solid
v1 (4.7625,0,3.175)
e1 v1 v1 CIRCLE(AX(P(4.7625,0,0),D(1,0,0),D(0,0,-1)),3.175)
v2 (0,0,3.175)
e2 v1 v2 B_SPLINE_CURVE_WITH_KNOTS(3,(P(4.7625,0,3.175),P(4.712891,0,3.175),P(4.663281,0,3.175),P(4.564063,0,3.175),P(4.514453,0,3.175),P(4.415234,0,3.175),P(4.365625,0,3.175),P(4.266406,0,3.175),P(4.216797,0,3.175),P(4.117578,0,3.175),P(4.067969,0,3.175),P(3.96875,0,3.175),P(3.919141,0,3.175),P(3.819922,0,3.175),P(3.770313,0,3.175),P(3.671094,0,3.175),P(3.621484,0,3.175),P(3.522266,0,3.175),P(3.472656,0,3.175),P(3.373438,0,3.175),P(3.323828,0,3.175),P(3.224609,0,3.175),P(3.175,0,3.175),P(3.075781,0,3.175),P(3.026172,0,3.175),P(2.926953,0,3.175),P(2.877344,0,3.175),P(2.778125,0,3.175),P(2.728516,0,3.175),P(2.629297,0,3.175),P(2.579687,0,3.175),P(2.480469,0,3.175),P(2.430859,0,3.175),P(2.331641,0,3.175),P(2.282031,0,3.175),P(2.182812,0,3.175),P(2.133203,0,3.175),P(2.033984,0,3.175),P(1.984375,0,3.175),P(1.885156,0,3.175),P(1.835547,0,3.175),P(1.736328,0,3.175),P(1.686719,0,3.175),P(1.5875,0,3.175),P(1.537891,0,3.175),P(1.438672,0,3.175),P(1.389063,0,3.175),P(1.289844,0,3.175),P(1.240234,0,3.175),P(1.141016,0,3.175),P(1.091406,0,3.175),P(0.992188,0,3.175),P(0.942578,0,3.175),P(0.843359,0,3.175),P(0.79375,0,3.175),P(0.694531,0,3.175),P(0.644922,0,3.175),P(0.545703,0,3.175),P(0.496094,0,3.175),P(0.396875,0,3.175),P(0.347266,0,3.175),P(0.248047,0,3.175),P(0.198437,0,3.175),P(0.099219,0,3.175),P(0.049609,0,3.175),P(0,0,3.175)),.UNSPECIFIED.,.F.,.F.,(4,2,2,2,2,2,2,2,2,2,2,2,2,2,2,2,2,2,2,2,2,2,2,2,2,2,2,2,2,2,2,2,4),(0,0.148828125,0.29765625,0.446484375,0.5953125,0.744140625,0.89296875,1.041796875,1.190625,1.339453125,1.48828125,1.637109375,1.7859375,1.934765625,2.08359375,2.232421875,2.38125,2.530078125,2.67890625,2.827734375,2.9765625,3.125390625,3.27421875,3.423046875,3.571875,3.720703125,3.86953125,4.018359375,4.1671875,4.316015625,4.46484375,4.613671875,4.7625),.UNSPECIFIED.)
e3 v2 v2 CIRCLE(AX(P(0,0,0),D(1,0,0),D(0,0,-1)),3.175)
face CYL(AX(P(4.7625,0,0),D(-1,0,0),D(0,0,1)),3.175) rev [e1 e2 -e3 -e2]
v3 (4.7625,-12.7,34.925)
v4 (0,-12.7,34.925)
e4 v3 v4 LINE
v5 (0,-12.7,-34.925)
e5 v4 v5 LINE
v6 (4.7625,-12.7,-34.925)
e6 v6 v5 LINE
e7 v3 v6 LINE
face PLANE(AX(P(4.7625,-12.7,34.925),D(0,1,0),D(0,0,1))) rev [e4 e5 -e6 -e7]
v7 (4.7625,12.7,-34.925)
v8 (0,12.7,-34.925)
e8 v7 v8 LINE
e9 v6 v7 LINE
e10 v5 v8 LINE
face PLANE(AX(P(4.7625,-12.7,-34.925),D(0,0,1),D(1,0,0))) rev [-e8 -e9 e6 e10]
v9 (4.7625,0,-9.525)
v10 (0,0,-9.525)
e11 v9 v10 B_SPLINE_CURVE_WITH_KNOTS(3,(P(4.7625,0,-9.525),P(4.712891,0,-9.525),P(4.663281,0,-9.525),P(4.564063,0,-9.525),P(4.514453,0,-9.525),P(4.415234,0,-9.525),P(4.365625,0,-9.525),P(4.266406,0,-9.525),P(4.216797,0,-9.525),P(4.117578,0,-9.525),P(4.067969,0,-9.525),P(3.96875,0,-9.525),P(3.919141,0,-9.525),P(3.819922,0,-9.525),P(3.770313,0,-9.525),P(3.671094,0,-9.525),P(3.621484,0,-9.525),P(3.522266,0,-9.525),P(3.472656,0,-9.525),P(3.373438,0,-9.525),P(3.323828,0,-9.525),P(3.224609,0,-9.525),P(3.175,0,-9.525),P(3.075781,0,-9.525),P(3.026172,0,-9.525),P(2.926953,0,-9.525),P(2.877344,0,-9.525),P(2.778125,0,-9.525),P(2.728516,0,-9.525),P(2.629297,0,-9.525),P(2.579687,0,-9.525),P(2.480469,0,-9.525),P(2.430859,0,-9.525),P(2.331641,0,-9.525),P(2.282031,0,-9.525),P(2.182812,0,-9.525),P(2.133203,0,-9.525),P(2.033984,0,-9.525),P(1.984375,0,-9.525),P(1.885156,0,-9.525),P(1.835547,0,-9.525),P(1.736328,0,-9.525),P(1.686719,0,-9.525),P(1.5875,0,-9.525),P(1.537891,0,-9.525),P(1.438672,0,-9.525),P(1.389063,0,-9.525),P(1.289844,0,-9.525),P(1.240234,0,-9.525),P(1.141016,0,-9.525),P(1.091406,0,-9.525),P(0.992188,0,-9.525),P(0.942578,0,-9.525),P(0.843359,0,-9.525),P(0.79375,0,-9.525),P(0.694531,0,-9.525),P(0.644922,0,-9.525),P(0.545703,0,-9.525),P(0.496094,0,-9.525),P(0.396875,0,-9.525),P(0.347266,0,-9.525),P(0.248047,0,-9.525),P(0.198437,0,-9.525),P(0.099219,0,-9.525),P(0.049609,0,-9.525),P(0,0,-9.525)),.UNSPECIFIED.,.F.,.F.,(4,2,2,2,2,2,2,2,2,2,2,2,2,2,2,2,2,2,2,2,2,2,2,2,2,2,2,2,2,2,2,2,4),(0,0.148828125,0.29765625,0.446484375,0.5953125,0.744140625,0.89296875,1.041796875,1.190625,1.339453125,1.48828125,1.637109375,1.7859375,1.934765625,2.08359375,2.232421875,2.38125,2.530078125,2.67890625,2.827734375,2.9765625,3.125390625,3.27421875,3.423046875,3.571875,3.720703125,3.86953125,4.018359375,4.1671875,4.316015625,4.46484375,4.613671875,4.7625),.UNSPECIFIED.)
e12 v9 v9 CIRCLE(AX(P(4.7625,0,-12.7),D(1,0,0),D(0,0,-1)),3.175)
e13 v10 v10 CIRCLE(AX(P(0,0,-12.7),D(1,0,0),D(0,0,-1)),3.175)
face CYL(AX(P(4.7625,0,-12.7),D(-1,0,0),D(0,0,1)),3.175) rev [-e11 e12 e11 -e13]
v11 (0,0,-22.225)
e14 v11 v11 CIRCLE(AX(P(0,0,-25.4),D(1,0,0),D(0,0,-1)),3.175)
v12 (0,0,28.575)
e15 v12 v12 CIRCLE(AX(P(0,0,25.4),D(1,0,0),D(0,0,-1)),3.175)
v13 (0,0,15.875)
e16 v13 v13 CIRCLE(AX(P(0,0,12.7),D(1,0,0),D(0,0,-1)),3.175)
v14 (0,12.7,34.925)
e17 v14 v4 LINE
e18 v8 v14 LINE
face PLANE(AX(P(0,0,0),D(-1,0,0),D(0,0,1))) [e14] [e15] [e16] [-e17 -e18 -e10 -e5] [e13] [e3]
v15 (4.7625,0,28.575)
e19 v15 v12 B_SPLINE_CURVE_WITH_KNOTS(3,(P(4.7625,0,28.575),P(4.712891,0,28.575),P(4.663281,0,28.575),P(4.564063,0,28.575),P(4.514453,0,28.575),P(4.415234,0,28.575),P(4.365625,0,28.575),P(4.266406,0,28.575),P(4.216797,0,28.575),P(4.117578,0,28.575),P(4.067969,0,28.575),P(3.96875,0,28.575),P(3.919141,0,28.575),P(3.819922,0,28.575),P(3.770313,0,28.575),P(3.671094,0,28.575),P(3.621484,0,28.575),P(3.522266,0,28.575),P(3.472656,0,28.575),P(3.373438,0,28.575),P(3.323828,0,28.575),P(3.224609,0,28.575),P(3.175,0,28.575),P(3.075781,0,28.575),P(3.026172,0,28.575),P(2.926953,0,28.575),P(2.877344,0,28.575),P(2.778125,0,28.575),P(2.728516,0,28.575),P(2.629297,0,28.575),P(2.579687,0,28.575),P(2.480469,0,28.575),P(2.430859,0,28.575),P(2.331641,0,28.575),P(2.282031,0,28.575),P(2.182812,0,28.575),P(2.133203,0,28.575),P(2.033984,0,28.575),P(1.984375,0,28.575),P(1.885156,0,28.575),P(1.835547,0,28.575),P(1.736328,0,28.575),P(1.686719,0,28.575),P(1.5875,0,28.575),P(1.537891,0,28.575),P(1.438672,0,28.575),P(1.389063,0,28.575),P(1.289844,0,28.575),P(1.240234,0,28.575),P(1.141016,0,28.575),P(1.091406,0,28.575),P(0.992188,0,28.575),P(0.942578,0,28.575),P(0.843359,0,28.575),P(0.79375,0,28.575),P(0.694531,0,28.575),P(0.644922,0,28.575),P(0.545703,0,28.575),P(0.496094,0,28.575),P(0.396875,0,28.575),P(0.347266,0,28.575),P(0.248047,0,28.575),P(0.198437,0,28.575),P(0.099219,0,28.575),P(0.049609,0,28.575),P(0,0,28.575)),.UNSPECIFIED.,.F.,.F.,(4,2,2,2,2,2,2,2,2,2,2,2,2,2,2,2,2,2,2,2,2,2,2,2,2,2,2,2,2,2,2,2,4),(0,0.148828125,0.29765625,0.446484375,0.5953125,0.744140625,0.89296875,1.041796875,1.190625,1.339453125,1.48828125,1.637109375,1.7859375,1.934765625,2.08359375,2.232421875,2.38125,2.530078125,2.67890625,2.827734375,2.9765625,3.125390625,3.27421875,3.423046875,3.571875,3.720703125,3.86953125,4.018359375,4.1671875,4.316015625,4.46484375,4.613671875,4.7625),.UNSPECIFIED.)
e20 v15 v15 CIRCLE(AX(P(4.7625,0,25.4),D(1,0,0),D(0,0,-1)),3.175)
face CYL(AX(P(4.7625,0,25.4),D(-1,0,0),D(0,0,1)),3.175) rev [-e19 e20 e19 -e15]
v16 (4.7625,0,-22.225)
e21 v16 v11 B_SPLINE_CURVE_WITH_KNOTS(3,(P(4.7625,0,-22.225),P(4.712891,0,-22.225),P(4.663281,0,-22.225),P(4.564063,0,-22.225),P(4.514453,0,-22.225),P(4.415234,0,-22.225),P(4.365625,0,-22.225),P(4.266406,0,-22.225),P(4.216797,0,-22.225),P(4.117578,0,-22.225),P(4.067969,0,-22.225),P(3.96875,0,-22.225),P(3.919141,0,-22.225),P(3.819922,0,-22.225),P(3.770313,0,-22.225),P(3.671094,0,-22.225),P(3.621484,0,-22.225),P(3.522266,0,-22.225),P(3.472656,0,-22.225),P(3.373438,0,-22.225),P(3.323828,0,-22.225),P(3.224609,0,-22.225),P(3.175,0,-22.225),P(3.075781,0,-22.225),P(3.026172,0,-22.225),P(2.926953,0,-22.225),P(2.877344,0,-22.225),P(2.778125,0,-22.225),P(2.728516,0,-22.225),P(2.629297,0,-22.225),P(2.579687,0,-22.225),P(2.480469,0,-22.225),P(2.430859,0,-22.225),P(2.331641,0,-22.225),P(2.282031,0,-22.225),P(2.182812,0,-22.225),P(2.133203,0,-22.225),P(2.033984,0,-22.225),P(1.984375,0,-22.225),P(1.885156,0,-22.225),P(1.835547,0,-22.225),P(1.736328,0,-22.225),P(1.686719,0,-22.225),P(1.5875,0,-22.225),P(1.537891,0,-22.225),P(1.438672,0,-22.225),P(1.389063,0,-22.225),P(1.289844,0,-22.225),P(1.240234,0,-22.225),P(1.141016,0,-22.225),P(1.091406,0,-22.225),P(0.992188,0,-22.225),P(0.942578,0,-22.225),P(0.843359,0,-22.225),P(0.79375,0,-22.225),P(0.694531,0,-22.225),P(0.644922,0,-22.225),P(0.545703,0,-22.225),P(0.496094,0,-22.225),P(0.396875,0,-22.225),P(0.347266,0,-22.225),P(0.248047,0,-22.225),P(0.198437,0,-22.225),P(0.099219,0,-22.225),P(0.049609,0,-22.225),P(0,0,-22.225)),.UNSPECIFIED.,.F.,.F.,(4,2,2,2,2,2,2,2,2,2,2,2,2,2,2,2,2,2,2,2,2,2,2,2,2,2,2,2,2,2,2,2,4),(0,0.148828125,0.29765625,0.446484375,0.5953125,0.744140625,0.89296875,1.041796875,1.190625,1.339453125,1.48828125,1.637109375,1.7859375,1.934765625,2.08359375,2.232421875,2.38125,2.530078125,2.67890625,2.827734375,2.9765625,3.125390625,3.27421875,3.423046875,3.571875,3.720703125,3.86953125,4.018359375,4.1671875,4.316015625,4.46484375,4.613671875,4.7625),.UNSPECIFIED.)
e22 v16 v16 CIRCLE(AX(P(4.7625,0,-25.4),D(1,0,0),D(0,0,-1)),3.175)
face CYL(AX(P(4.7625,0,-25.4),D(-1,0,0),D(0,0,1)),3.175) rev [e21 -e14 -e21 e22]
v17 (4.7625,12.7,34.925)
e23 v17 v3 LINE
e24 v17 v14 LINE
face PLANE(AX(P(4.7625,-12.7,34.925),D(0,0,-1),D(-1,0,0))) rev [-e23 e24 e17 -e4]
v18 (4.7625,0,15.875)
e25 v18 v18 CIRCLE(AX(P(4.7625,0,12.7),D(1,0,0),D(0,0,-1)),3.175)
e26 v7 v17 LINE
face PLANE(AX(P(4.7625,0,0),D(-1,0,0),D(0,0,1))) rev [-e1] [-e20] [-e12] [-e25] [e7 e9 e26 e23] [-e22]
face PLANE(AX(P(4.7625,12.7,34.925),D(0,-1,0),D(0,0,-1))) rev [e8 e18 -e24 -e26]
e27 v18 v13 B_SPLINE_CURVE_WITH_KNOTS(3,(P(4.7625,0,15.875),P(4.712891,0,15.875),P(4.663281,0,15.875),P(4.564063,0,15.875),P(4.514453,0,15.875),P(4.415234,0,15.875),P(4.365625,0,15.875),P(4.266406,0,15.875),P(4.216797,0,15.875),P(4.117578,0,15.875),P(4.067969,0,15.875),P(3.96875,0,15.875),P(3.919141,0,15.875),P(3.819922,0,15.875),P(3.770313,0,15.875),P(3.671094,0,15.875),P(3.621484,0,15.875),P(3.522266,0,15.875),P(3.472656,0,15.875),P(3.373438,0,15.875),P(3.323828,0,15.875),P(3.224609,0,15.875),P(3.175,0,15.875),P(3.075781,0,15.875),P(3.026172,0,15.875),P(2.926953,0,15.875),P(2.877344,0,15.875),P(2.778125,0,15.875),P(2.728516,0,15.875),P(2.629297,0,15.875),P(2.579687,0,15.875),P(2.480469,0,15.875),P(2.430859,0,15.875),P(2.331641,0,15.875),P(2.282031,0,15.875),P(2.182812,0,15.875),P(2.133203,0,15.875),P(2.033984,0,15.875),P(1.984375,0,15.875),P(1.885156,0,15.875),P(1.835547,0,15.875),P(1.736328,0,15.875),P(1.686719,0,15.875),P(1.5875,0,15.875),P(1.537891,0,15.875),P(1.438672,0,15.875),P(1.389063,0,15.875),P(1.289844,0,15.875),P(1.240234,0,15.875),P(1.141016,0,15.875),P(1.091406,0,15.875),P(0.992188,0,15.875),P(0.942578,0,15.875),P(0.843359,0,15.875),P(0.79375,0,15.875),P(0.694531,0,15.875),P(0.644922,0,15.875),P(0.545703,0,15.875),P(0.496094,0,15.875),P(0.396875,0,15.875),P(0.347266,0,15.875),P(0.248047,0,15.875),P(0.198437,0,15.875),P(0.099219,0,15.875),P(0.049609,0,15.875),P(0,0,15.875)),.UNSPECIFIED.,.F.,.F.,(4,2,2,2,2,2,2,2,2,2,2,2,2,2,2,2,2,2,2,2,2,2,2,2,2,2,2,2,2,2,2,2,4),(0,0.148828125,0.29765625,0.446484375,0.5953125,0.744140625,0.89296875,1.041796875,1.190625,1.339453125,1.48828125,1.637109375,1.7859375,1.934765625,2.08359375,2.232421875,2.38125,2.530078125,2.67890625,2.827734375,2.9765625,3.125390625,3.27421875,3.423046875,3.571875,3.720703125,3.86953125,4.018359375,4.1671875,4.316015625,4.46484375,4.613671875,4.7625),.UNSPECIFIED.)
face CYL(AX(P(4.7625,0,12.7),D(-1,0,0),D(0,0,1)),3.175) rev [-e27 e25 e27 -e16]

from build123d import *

# Parameters (mm, degrees)
SKETCH1_W           = 69.85
SKETCH1_H           = 25.4
SKETCH1_R           = 3.175
BOSS_EXTRUDE1_DEPTH = 4.7625


with BuildPart() as part:
    # Sketch1 → Boss-Extrude1 (new body)
    with BuildSketch(Plane(origin=(0, 0, 0), x_dir=(0, 0, -1), z_dir=(1, 0, 0))):
        Rectangle(SKETCH1_W, SKETCH1_H)
        with Locations(Location((0, 0, 0), (0, 0, 180))):
            Circle(SKETCH1_R, mode=Mode.SUBTRACT)
        with Locations(Location((-12.7, 0, 0), (0, 0, 180))):
            Circle(SKETCH1_R, mode=Mode.SUBTRACT)
        with Locations(Location((-25.4, 0, 0), (0, 0, 180))):
            Circle(SKETCH1_R, mode=Mode.SUBTRACT)
        with Locations(Location((12.7, 0, 0), (0, 0, 180))):
            Circle(SKETCH1_R, mode=Mode.SUBTRACT)
        with Locations(Location((25.4, 0, 0), (0, 0, 180))):
            Circle(SKETCH1_R, mode=Mode.SUBTRACT)
    extrude(amount=BOSS_EXTRUDE1_DEPTH)


solid = part.part
